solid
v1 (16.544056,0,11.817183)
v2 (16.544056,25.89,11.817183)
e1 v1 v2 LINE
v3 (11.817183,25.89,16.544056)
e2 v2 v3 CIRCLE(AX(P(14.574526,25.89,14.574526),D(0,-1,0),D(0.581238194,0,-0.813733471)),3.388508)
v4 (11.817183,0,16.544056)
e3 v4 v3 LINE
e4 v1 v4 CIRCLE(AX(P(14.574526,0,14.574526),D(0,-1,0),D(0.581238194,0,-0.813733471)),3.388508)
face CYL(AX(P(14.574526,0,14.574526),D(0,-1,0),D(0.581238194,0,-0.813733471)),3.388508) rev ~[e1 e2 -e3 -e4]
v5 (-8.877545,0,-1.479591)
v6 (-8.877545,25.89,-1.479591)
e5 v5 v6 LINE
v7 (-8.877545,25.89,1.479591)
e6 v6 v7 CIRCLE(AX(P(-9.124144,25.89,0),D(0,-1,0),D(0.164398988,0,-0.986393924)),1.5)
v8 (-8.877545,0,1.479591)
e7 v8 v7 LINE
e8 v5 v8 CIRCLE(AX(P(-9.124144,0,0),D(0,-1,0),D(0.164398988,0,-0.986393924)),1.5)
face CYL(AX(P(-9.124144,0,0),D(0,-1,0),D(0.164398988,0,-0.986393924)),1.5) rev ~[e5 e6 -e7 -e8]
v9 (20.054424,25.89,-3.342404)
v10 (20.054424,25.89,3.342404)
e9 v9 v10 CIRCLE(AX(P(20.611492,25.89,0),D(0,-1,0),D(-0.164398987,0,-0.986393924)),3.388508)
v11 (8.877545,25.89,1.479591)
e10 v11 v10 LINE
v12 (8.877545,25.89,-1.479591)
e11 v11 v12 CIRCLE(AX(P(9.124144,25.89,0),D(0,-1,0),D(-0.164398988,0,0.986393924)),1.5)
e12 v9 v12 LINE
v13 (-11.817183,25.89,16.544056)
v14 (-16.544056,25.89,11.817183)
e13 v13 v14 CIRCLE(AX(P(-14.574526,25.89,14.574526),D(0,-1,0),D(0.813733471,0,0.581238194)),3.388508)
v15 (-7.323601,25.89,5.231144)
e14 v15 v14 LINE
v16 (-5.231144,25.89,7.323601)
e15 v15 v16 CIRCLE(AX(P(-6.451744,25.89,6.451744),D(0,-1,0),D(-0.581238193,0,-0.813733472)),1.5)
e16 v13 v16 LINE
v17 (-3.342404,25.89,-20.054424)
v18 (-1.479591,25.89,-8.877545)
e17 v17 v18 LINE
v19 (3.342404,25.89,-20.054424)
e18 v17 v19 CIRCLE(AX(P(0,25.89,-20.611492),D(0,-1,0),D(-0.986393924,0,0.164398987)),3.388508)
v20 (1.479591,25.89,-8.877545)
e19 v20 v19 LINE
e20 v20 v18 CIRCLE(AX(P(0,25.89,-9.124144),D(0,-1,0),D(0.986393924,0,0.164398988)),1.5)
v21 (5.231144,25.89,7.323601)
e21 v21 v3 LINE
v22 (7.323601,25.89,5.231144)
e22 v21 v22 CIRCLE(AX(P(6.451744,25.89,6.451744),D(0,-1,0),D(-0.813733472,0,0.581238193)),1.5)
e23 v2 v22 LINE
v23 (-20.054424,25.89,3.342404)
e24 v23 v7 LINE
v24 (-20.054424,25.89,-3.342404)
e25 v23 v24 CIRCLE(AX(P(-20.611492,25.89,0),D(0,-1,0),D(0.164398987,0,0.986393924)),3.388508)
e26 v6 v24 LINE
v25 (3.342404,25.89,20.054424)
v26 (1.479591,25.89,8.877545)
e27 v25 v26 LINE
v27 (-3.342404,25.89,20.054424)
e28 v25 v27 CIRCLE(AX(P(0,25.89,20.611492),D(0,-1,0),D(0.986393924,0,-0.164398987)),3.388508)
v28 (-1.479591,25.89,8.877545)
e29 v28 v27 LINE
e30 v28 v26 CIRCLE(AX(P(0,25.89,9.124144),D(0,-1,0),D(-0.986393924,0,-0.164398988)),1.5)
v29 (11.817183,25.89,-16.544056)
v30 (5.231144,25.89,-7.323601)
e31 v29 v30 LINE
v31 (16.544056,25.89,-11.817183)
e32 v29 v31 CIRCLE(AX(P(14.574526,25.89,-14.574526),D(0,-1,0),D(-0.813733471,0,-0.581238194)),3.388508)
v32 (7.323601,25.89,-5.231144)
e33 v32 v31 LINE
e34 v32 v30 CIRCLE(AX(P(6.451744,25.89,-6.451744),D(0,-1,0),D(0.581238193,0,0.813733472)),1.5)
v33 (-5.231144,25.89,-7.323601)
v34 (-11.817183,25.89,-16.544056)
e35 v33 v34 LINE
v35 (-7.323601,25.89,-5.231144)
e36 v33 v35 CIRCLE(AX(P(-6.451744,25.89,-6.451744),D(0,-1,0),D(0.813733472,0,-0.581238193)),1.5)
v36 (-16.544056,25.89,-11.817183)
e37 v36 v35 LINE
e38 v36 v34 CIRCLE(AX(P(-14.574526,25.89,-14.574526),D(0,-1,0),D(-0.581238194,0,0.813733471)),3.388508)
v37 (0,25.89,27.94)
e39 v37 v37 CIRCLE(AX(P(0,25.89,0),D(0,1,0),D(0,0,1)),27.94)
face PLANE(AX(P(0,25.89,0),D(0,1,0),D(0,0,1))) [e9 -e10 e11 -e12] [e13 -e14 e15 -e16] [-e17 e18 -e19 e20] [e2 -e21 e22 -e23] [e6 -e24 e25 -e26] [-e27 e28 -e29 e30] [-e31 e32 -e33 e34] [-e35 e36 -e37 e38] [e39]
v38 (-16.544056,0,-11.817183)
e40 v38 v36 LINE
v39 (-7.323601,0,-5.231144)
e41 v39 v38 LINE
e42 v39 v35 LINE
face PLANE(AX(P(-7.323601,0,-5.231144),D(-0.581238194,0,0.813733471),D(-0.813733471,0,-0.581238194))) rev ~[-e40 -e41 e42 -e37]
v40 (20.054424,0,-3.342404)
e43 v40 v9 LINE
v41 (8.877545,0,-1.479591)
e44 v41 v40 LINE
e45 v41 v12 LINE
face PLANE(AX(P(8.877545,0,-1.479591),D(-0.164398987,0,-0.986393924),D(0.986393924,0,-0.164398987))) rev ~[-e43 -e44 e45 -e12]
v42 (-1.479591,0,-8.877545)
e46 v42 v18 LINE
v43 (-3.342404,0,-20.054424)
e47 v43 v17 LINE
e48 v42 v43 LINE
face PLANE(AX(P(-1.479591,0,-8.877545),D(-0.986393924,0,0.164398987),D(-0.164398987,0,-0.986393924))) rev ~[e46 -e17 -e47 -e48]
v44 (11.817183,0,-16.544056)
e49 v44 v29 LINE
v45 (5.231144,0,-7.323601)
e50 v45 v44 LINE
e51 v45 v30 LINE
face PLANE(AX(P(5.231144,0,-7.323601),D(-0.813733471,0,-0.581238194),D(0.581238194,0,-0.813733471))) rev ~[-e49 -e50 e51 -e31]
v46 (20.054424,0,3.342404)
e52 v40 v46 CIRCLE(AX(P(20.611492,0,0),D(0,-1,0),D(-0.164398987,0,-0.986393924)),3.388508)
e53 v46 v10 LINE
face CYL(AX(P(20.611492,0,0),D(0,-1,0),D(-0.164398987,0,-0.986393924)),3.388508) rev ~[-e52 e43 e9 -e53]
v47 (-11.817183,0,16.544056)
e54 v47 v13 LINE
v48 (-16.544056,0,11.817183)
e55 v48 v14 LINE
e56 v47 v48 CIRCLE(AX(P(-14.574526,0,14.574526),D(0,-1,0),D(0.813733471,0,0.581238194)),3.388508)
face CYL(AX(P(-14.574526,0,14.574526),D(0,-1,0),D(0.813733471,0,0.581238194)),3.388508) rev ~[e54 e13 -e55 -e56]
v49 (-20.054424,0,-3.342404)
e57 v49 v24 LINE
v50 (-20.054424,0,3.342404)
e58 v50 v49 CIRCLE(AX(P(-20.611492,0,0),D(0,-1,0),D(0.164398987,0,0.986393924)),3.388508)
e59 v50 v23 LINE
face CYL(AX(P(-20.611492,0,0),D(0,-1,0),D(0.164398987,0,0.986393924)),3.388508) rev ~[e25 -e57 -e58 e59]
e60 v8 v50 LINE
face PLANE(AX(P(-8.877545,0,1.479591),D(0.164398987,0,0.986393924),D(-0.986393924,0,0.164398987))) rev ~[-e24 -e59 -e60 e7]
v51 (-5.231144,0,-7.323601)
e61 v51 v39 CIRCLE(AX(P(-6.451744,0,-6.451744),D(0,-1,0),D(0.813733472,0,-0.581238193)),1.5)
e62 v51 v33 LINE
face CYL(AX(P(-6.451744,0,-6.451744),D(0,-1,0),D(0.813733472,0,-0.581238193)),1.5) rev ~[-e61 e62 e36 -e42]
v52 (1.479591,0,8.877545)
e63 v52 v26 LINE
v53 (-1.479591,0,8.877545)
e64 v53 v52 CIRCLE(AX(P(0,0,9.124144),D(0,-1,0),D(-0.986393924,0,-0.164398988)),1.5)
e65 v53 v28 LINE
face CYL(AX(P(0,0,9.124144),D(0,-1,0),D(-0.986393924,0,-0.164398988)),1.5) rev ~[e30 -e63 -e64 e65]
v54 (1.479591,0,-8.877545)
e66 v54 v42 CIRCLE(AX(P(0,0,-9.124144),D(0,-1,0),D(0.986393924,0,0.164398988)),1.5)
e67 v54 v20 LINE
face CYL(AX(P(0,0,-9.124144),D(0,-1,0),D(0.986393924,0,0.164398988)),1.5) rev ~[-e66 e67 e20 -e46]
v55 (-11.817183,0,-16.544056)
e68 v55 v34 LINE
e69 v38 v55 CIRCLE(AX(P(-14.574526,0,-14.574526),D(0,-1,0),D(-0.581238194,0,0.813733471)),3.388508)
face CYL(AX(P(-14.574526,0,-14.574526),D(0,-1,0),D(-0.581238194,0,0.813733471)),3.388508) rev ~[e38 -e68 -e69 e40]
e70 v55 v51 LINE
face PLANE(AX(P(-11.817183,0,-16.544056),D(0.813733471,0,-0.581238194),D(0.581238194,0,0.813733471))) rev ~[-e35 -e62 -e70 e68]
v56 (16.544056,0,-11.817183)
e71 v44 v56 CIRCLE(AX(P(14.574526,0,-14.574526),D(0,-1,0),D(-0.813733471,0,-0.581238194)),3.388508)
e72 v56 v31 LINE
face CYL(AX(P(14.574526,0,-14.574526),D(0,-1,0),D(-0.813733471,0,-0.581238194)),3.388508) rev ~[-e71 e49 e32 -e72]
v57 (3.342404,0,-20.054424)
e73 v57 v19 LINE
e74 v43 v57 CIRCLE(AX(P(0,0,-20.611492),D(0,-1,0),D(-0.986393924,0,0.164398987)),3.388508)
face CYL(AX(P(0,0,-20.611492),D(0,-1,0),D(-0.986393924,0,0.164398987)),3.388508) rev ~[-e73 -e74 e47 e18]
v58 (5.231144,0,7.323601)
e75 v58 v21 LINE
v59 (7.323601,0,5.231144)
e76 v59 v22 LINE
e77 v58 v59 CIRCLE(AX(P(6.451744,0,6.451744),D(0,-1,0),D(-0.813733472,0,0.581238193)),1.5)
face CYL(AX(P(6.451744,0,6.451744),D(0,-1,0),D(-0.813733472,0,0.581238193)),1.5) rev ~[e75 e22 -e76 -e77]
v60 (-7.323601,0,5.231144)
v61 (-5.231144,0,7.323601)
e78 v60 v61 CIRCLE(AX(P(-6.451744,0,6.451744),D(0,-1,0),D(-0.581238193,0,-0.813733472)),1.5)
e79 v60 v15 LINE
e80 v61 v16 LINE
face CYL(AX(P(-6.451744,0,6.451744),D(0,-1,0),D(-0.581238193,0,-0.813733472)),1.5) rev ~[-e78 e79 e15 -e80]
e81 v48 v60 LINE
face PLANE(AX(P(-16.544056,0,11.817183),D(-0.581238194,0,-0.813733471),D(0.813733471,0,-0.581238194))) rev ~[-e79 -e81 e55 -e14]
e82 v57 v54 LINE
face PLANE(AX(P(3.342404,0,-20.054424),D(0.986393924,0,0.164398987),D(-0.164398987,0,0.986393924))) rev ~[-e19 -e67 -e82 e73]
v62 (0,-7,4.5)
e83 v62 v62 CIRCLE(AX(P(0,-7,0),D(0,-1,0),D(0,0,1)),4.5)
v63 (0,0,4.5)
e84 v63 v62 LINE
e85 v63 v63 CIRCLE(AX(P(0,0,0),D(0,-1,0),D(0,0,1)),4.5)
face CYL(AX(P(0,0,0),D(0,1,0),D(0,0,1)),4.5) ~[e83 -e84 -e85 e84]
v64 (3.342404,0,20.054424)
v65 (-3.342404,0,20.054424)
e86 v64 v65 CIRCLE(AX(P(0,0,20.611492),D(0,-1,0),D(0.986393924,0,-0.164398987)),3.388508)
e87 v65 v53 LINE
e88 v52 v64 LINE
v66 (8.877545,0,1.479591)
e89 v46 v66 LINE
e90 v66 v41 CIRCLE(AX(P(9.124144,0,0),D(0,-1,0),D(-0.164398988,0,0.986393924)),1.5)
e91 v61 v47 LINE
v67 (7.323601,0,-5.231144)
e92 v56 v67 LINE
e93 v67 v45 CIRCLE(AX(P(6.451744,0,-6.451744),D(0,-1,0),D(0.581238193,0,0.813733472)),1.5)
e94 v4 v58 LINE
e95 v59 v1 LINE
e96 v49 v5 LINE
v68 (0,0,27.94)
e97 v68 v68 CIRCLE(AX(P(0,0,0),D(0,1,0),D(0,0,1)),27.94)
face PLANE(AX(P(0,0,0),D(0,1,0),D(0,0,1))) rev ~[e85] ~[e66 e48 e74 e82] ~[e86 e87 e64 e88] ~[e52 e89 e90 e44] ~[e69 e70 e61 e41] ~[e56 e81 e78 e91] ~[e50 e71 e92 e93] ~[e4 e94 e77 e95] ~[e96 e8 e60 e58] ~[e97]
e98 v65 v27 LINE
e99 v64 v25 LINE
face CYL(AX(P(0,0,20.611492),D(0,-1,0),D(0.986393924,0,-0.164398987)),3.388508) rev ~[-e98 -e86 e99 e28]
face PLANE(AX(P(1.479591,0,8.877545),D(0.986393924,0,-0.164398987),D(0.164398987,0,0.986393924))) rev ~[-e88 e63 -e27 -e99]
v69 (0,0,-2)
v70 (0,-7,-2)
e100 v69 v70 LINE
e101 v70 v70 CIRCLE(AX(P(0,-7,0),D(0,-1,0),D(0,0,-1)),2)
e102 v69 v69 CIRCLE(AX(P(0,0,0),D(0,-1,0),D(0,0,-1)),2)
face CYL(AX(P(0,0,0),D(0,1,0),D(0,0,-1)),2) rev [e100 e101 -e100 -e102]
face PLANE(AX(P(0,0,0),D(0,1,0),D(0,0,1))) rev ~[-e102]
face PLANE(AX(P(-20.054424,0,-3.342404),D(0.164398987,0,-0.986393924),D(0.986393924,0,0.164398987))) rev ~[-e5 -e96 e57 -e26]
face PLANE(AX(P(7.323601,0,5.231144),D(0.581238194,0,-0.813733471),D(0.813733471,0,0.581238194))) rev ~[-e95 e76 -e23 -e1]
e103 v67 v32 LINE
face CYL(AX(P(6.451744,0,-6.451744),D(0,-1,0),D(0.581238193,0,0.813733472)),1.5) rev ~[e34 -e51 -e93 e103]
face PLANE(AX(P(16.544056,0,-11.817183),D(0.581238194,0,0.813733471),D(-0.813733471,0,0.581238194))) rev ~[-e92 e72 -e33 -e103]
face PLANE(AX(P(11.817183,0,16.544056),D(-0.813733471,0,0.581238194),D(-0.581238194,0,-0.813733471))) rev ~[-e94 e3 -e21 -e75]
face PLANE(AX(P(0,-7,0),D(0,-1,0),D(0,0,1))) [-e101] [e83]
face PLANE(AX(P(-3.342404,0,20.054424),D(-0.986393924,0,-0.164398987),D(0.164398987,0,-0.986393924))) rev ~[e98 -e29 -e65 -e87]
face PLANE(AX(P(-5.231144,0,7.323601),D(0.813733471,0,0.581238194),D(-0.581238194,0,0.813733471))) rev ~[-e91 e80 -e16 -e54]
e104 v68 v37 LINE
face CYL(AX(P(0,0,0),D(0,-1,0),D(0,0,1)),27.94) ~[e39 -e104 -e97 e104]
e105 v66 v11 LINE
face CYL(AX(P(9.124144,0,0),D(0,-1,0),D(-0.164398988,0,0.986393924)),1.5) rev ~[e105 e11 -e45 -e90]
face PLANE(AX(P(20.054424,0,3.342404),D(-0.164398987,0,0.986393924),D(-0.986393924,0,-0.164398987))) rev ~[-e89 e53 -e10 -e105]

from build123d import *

# Parameters (mm, degrees)
SKETCH1_R           = 27.94
BOSS_EXTRUDE1_DEPTH = 25.89
CUT_EXTRUDE2_DEPTH  = 48.239594621
SKETCH4_R           = 4.5
SKETCH4_R_2         = 2
BOSS_EXTRUDE3_DEPTH = 7


with BuildPart() as part:
    # Sketch1 → Boss-Extrude1 (new body)
    with BuildSketch(Plane(origin=(0, 0, 0), x_dir=(1, 0, 0), z_dir=(0, 1, 0))):
        with Locations(Location((0, 0, 0), (0, 0, 270))):
            Circle(SKETCH1_R)
    extrude(amount=BOSS_EXTRUDE1_DEPTH)

    # Sketch2 → Cut-Extrude2 (cut, through all)
    with BuildSketch(Plane.XZ):
        with BuildLine():
            Line((1.479590886, 8.877545314), (3.342404051, 20.054424305))
            ThreePointArc((3.342404051, 20.054424305), (0, 24), (-3.342404051, 20.054424305))
            Line((-3.342404051, 20.054424305), (-1.479590886, 8.877545314))
            ThreePointArc((-1.479590886, 8.877545314), (0, 7.624143795), (1.479590886, 8.877545314))
        make_face()
        with BuildLine():
            Line((7.323601241, 5.231143743), (16.544055988, 11.817182849))
            ThreePointArc((16.544055988, 11.817182849), (16.970562748, 16.970562748), (11.817182849, 16.544055988))
            Line((11.817182849, 16.544055988), (5.231143743, 7.323601241))
            ThreePointArc((5.231143743, 7.323601241), (5.391083779, 5.391083779), (7.323601241, 5.231143743))
        make_face()
        with BuildLine():
            Line((8.877545314, -1.479590886), (20.054424305, -3.342404051))
            ThreePointArc((20.054424305, -3.342404051), (24, 0), (20.054424305, 3.342404051))
            Line((20.054424305, 3.342404051), (8.877545314, 1.479590886))
            ThreePointArc((8.877545314, 1.479590886), (7.624143795, 0), (8.877545314, -1.479590886))
        make_face()
        with BuildLine():
            Line((5.231143743, -7.323601241), (11.817182849, -16.544055988))
            ThreePointArc((11.817182849, -16.544055988), (16.970562748, -16.970562748), (16.544055988, -11.817182849))
            Line((16.544055988, -11.817182849), (7.323601241, -5.231143743))
            ThreePointArc((7.323601241, -5.231143743), (5.391083779, -5.391083779), (5.231143743, -7.323601241))
        make_face()
        with BuildLine():
            Line((-1.479590886, -8.877545314), (-3.342404051, -20.054424305))
            ThreePointArc((-3.342404051, -20.054424305), (0, -24), (3.342404051, -20.054424305))
            Line((3.342404051, -20.054424305), (1.479590886, -8.877545314))
            ThreePointArc((1.479590886, -8.877545314), (0, -7.624143795), (-1.479590886, -8.877545314))
        make_face()
        with BuildLine():
            Line((-7.323601241, -5.231143743), (-16.544055988, -11.817182849))
            ThreePointArc((-16.544055988, -11.817182849), (-16.970562748, -16.970562748), (-11.817182849, -16.544055988))
            Line((-11.817182849, -16.544055988), (-5.231143743, -7.323601241))
            ThreePointArc((-5.231143743, -7.323601241), (-5.391083779, -5.391083779), (-7.323601241, -5.231143743))
        make_face()
        with BuildLine():
            Line((-8.877545314, 1.479590886), (-20.054424305, 3.342404051))
            ThreePointArc((-20.054424305, 3.342404051), (-24, 0), (-20.054424305, -3.342404051))
            Line((-20.054424305, -3.342404051), (-8.877545314, -1.479590886))
            ThreePointArc((-8.877545314, -1.479590886), (-7.624143795, 0), (-8.877545314, 1.479590886))
        make_face()
        with BuildLine():
            Line((-5.231143743, 7.323601241), (-11.817182849, 16.544055988))
            ThreePointArc((-11.817182849, 16.544055988), (-16.970562748, 16.970562748), (-16.544055988, 11.817182849))
            Line((-16.544055988, 11.817182849), (-7.323601241, 5.231143743))
            ThreePointArc((-7.323601241, 5.231143743), (-5.391083779, 5.391083779), (-5.231143743, 7.323601241))
        make_face()
    extrude(amount=-CUT_EXTRUDE2_DEPTH, mode=Mode.SUBTRACT)

    # Sketch4 → Boss-Extrude3 (add)
    with BuildSketch(Plane(origin=(0, 0, 0), x_dir=(-1, 0, 0), z_dir=(0, -1, 0))):
        with Locations(Location((0, 0, 0), (0, 0, 270))):
            Circle(SKETCH4_R)
        with Locations(Location((0, 0, 0), (0, 0, 90))):
            Circle(SKETCH4_R_2, mode=Mode.SUBTRACT)
    extrude(amount=BOSS_EXTRUDE3_DEPTH)


solid = part.part
